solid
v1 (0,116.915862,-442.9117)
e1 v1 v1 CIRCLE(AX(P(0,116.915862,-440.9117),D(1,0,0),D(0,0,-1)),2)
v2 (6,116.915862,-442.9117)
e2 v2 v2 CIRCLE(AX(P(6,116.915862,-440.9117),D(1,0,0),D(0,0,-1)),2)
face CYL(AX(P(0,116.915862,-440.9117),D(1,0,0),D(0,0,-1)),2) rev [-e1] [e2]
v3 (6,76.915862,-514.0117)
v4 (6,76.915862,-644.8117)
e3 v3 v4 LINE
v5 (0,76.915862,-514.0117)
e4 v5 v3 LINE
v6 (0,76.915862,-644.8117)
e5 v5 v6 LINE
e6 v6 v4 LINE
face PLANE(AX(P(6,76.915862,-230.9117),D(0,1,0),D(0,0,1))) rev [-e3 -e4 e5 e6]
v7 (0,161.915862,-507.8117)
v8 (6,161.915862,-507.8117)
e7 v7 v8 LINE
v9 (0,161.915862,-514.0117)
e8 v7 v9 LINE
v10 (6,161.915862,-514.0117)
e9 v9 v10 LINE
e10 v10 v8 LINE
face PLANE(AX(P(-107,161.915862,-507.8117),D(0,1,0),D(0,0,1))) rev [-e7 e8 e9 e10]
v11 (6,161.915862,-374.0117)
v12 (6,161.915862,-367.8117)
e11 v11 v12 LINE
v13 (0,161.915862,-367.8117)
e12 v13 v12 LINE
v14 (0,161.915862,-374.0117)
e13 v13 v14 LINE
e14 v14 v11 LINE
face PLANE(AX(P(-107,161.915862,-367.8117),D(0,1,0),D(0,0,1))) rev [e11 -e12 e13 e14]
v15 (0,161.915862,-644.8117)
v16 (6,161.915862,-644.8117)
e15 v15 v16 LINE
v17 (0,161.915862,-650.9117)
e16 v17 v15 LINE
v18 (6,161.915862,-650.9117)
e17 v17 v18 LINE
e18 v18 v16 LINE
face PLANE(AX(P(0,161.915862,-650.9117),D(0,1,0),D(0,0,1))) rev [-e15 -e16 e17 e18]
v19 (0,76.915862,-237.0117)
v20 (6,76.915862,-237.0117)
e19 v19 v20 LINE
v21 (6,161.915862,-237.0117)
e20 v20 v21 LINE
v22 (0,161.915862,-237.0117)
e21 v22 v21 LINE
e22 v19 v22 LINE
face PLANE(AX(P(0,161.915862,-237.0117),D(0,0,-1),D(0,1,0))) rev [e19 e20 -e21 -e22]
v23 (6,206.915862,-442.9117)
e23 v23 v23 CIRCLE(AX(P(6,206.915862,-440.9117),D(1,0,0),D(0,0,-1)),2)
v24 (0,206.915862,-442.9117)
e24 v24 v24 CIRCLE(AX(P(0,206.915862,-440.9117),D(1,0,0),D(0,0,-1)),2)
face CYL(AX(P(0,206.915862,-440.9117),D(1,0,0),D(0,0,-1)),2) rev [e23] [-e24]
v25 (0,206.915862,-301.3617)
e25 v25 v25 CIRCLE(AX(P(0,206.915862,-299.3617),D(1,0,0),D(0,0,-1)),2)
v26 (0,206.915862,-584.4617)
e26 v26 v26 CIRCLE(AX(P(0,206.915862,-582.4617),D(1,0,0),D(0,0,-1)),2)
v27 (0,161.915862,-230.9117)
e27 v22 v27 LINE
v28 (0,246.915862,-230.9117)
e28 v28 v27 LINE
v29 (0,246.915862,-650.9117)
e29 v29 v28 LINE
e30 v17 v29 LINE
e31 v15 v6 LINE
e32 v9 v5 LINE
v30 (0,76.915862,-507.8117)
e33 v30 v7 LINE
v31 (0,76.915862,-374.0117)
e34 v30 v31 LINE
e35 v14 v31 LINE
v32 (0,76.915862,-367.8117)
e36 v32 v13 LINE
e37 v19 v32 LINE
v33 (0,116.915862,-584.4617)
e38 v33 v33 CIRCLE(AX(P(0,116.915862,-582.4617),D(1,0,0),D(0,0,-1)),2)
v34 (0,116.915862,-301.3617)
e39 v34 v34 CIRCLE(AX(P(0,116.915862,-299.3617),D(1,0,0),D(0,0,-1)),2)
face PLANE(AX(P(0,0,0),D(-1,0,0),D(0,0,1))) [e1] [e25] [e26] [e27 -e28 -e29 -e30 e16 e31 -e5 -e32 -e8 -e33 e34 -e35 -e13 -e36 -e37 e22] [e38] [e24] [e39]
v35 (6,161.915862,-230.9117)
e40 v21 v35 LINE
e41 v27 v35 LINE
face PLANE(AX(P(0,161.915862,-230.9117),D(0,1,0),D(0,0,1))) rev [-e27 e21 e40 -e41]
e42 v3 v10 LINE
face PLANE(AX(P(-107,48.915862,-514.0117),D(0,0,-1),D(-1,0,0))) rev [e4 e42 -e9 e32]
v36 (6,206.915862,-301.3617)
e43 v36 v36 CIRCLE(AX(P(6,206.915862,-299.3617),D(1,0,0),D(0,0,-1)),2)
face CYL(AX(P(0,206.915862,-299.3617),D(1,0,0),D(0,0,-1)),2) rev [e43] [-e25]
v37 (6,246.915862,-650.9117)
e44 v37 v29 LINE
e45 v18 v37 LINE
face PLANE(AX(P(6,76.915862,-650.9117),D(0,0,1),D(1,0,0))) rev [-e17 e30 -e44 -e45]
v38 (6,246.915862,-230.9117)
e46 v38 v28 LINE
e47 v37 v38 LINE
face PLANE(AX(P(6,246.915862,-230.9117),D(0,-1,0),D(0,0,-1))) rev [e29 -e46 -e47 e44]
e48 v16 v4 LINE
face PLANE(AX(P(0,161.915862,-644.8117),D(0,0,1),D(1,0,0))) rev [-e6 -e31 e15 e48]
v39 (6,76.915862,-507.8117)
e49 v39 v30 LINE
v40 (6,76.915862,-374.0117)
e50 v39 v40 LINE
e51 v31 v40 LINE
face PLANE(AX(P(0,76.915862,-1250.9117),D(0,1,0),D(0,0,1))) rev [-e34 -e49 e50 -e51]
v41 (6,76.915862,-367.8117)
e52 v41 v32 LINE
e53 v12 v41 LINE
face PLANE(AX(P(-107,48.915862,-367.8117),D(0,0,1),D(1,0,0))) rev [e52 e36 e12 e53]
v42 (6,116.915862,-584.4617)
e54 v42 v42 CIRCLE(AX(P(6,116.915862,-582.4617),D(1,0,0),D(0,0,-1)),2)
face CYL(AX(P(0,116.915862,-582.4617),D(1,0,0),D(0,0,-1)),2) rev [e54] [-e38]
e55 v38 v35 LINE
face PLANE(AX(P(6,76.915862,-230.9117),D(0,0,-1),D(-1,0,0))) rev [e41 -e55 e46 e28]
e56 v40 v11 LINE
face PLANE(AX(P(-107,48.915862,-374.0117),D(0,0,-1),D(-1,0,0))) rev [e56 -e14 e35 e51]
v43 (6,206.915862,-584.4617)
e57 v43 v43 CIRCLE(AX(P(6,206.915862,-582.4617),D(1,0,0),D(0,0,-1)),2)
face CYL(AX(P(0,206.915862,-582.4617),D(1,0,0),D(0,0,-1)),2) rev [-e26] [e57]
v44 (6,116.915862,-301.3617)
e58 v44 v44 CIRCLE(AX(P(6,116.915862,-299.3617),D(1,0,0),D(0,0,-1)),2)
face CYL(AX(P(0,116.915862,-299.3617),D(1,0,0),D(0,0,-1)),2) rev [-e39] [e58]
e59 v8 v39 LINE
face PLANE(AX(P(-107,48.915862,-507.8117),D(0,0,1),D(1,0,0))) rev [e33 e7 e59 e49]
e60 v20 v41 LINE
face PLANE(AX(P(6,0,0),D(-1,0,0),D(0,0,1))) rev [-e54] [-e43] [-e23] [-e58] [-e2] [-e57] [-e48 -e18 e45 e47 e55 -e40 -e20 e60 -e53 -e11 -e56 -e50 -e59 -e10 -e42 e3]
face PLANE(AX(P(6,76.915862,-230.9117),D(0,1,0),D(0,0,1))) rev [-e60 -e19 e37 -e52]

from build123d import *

# Parameters (mm, degrees)
SKETCH3_W           = 420
SKETCH3_H           = 170
BOSS_EXTRUDE2_DEPTH = 6
SKETCH4_W           = 6.1
SKETCH4_H           = 85
SKETCH4_W_2         = 6.2
CUT_EXTRUDE1_DEPTH  = 6
SKETCH5_R           = 2
CUT_EXTRUDE2_DEPTH  = 6
SKETCH6_W           = 6
SKETCH6_H           = 380
BOSS_EXTRUDE3_DEPTH = 30
SKETCH7_W           = 6
SKETCH7_H           = 380
CUT_EXTRUDE3_DEPTH  = 2
SKETCH8_W           = 6
SKETCH8_H           = 116.9
SKETCH8_H_2         = 133.8
BOSS_EXTRUDE4_DEPTH = 28
SKETCH9_W           = 6
SKETCH9_H           = 6.2
BOSS_EXTRUDE5_DEPTH = 113
SKETCH10_W          = 6
SKETCH10_H          = 6.2
BOSS_EXTRUDE6_DEPTH = 113
SKETCH11_W          = 6.2
SKETCH11_H          = 113
CUT_EXTRUDE4_DEPTH  = 113
SKETCH13_W          = 6
SKETCH13_H          = 28
CUT_EXTRUDE5_DEPTH  = 1000


with BuildPart() as part:
    # Sketch3 → Boss-Extrude2 (new body)
    with BuildSketch(Plane(origin=(0, 0, 0), x_dir=(0, 0, -1), z_dir=(1, 0, 0))):
        with Locations((440.911700258, 161.915861829)):
            Rectangle(SKETCH3_W, SKETCH3_H)
    extrude(amount=BOSS_EXTRUDE2_DEPTH)

    # Sketch4 → Cut-Extrude1 (cut)
    with BuildSketch(Plane(origin=(6, 0, 0), x_dir=(0, 0, -1), z_dir=(1, 0, 0))):
        with Locations((233.961700258, 119.415861829)):
            Rectangle(SKETCH4_W, SKETCH4_H)
        with Locations((647.861700258, 119.415861829)):
            Rectangle(SKETCH4_W, SKETCH4_H)
        with Locations((370.911700258, 204.415861829)):
            Rectangle(SKETCH4_W_2, SKETCH4_H)
        with Locations((510.911700258, 204.415861829)):
            Rectangle(SKETCH4_W_2, SKETCH4_H)
    extrude(amount=-CUT_EXTRUDE1_DEPTH, mode=Mode.SUBTRACT)

    # Sketch5 → Cut-Extrude2 (cut)
    with BuildSketch(Plane(origin=(6, 0, 0), x_dir=(0, 0, -1), z_dir=(1, 0, 0))):
        with Locations((299.361700258, 206.915861829)):
            Circle(SKETCH5_R)
        with Locations((299.361700258, 116.915861829)):
            Circle(SKETCH5_R)
        with Locations((440.911700258, 206.915861829)):
            Circle(SKETCH5_R)
        with Locations((582.461700258, 206.915861829)):
            Circle(SKETCH5_R)
        with Locations((582.461700258, 116.915861829)):
            Circle(SKETCH5_R)
        with Locations((440.911700258, 116.915861829)):
            Circle(SKETCH5_R)
    extrude(amount=-CUT_EXTRUDE2_DEPTH, mode=Mode.SUBTRACT)

    # Sketch6 → Boss-Extrude3 (add)
    with BuildSketch(Plane.XZ.offset(-76.915861829)):
        with Locations((3, -440.911700258)):
            Rectangle(SKETCH6_W, SKETCH6_H)
    extrude(amount=BOSS_EXTRUDE3_DEPTH)

    # Sketch7 → Cut-Extrude3 (cut)
    with BuildSketch(Plane.XZ.offset(-46.915861829)):
        with Locations((3, -440.911700258)):
            Rectangle(SKETCH7_W, SKETCH7_H)
    extrude(amount=-CUT_EXTRUDE3_DEPTH, mode=Mode.SUBTRACT)

    # Sketch8 → Boss-Extrude4 (add)
    with BuildSketch(Plane(origin=(0, 246.915861829, 0), x_dir=(1, 0, 0), z_dir=(0, 1, 0))):
        with Locations((3, 309.361700258)):
            Rectangle(SKETCH8_W, SKETCH8_H)
        with Locations((3, 572.461700258)):
            Rectangle(SKETCH8_W, SKETCH8_H)
        with Locations((3, 440.911700258)):
            Rectangle(SKETCH8_W, SKETCH8_H_2)
    extrude(amount=BOSS_EXTRUDE4_DEPTH)

    # Sketch9 → Boss-Extrude5 (add)
    with BuildSketch(Plane(origin=(0, 161.915861829, 0), x_dir=(1, 0, 0), z_dir=(0, 1, 0))):
        with Locations((3, 370.911700258)):
            Rectangle(SKETCH9_W, SKETCH9_H)
    extrude(amount=BOSS_EXTRUDE5_DEPTH)

    # Sketch10 → Boss-Extrude6 (add)
    with BuildSketch(Plane(origin=(0, 161.915861829, 0), x_dir=(1, 0, 0), z_dir=(0, 1, 0))):
        with Locations((3, 510.911700258)):
            Rectangle(SKETCH10_W, SKETCH10_H)
    extrude(amount=BOSS_EXTRUDE6_DEPTH)

    # Sketch11 → Cut-Extrude4 (cut)
    with BuildSketch(Plane(origin=(6, 0, 0), x_dir=(0, 0, -1), z_dir=(1, 0, 0))):
        with Locations((370.911700258, 105.415861829)):
            Rectangle(SKETCH11_W, SKETCH11_H)
        with Locations((510.911700258, 105.415861829)):
            Rectangle(SKETCH11_W, SKETCH11_H)
    extrude(amount=-CUT_EXTRUDE4_DEPTH, mode=Mode.SUBTRACT)

    # Sketch13 → Cut-Extrude5 (cut)
    with BuildSketch(Plane.XY.offset(-250.911700258)):
        with Locations((3, 260.915861829)):
            Rectangle(SKETCH13_W, SKETCH13_H)
        with Locations((3, 62.915861829)):
            Rectangle(SKETCH13_W, SKETCH13_H)
    extrude(amount=-CUT_EXTRUDE5_DEPTH, mode=Mode.SUBTRACT)


solid = part.part
